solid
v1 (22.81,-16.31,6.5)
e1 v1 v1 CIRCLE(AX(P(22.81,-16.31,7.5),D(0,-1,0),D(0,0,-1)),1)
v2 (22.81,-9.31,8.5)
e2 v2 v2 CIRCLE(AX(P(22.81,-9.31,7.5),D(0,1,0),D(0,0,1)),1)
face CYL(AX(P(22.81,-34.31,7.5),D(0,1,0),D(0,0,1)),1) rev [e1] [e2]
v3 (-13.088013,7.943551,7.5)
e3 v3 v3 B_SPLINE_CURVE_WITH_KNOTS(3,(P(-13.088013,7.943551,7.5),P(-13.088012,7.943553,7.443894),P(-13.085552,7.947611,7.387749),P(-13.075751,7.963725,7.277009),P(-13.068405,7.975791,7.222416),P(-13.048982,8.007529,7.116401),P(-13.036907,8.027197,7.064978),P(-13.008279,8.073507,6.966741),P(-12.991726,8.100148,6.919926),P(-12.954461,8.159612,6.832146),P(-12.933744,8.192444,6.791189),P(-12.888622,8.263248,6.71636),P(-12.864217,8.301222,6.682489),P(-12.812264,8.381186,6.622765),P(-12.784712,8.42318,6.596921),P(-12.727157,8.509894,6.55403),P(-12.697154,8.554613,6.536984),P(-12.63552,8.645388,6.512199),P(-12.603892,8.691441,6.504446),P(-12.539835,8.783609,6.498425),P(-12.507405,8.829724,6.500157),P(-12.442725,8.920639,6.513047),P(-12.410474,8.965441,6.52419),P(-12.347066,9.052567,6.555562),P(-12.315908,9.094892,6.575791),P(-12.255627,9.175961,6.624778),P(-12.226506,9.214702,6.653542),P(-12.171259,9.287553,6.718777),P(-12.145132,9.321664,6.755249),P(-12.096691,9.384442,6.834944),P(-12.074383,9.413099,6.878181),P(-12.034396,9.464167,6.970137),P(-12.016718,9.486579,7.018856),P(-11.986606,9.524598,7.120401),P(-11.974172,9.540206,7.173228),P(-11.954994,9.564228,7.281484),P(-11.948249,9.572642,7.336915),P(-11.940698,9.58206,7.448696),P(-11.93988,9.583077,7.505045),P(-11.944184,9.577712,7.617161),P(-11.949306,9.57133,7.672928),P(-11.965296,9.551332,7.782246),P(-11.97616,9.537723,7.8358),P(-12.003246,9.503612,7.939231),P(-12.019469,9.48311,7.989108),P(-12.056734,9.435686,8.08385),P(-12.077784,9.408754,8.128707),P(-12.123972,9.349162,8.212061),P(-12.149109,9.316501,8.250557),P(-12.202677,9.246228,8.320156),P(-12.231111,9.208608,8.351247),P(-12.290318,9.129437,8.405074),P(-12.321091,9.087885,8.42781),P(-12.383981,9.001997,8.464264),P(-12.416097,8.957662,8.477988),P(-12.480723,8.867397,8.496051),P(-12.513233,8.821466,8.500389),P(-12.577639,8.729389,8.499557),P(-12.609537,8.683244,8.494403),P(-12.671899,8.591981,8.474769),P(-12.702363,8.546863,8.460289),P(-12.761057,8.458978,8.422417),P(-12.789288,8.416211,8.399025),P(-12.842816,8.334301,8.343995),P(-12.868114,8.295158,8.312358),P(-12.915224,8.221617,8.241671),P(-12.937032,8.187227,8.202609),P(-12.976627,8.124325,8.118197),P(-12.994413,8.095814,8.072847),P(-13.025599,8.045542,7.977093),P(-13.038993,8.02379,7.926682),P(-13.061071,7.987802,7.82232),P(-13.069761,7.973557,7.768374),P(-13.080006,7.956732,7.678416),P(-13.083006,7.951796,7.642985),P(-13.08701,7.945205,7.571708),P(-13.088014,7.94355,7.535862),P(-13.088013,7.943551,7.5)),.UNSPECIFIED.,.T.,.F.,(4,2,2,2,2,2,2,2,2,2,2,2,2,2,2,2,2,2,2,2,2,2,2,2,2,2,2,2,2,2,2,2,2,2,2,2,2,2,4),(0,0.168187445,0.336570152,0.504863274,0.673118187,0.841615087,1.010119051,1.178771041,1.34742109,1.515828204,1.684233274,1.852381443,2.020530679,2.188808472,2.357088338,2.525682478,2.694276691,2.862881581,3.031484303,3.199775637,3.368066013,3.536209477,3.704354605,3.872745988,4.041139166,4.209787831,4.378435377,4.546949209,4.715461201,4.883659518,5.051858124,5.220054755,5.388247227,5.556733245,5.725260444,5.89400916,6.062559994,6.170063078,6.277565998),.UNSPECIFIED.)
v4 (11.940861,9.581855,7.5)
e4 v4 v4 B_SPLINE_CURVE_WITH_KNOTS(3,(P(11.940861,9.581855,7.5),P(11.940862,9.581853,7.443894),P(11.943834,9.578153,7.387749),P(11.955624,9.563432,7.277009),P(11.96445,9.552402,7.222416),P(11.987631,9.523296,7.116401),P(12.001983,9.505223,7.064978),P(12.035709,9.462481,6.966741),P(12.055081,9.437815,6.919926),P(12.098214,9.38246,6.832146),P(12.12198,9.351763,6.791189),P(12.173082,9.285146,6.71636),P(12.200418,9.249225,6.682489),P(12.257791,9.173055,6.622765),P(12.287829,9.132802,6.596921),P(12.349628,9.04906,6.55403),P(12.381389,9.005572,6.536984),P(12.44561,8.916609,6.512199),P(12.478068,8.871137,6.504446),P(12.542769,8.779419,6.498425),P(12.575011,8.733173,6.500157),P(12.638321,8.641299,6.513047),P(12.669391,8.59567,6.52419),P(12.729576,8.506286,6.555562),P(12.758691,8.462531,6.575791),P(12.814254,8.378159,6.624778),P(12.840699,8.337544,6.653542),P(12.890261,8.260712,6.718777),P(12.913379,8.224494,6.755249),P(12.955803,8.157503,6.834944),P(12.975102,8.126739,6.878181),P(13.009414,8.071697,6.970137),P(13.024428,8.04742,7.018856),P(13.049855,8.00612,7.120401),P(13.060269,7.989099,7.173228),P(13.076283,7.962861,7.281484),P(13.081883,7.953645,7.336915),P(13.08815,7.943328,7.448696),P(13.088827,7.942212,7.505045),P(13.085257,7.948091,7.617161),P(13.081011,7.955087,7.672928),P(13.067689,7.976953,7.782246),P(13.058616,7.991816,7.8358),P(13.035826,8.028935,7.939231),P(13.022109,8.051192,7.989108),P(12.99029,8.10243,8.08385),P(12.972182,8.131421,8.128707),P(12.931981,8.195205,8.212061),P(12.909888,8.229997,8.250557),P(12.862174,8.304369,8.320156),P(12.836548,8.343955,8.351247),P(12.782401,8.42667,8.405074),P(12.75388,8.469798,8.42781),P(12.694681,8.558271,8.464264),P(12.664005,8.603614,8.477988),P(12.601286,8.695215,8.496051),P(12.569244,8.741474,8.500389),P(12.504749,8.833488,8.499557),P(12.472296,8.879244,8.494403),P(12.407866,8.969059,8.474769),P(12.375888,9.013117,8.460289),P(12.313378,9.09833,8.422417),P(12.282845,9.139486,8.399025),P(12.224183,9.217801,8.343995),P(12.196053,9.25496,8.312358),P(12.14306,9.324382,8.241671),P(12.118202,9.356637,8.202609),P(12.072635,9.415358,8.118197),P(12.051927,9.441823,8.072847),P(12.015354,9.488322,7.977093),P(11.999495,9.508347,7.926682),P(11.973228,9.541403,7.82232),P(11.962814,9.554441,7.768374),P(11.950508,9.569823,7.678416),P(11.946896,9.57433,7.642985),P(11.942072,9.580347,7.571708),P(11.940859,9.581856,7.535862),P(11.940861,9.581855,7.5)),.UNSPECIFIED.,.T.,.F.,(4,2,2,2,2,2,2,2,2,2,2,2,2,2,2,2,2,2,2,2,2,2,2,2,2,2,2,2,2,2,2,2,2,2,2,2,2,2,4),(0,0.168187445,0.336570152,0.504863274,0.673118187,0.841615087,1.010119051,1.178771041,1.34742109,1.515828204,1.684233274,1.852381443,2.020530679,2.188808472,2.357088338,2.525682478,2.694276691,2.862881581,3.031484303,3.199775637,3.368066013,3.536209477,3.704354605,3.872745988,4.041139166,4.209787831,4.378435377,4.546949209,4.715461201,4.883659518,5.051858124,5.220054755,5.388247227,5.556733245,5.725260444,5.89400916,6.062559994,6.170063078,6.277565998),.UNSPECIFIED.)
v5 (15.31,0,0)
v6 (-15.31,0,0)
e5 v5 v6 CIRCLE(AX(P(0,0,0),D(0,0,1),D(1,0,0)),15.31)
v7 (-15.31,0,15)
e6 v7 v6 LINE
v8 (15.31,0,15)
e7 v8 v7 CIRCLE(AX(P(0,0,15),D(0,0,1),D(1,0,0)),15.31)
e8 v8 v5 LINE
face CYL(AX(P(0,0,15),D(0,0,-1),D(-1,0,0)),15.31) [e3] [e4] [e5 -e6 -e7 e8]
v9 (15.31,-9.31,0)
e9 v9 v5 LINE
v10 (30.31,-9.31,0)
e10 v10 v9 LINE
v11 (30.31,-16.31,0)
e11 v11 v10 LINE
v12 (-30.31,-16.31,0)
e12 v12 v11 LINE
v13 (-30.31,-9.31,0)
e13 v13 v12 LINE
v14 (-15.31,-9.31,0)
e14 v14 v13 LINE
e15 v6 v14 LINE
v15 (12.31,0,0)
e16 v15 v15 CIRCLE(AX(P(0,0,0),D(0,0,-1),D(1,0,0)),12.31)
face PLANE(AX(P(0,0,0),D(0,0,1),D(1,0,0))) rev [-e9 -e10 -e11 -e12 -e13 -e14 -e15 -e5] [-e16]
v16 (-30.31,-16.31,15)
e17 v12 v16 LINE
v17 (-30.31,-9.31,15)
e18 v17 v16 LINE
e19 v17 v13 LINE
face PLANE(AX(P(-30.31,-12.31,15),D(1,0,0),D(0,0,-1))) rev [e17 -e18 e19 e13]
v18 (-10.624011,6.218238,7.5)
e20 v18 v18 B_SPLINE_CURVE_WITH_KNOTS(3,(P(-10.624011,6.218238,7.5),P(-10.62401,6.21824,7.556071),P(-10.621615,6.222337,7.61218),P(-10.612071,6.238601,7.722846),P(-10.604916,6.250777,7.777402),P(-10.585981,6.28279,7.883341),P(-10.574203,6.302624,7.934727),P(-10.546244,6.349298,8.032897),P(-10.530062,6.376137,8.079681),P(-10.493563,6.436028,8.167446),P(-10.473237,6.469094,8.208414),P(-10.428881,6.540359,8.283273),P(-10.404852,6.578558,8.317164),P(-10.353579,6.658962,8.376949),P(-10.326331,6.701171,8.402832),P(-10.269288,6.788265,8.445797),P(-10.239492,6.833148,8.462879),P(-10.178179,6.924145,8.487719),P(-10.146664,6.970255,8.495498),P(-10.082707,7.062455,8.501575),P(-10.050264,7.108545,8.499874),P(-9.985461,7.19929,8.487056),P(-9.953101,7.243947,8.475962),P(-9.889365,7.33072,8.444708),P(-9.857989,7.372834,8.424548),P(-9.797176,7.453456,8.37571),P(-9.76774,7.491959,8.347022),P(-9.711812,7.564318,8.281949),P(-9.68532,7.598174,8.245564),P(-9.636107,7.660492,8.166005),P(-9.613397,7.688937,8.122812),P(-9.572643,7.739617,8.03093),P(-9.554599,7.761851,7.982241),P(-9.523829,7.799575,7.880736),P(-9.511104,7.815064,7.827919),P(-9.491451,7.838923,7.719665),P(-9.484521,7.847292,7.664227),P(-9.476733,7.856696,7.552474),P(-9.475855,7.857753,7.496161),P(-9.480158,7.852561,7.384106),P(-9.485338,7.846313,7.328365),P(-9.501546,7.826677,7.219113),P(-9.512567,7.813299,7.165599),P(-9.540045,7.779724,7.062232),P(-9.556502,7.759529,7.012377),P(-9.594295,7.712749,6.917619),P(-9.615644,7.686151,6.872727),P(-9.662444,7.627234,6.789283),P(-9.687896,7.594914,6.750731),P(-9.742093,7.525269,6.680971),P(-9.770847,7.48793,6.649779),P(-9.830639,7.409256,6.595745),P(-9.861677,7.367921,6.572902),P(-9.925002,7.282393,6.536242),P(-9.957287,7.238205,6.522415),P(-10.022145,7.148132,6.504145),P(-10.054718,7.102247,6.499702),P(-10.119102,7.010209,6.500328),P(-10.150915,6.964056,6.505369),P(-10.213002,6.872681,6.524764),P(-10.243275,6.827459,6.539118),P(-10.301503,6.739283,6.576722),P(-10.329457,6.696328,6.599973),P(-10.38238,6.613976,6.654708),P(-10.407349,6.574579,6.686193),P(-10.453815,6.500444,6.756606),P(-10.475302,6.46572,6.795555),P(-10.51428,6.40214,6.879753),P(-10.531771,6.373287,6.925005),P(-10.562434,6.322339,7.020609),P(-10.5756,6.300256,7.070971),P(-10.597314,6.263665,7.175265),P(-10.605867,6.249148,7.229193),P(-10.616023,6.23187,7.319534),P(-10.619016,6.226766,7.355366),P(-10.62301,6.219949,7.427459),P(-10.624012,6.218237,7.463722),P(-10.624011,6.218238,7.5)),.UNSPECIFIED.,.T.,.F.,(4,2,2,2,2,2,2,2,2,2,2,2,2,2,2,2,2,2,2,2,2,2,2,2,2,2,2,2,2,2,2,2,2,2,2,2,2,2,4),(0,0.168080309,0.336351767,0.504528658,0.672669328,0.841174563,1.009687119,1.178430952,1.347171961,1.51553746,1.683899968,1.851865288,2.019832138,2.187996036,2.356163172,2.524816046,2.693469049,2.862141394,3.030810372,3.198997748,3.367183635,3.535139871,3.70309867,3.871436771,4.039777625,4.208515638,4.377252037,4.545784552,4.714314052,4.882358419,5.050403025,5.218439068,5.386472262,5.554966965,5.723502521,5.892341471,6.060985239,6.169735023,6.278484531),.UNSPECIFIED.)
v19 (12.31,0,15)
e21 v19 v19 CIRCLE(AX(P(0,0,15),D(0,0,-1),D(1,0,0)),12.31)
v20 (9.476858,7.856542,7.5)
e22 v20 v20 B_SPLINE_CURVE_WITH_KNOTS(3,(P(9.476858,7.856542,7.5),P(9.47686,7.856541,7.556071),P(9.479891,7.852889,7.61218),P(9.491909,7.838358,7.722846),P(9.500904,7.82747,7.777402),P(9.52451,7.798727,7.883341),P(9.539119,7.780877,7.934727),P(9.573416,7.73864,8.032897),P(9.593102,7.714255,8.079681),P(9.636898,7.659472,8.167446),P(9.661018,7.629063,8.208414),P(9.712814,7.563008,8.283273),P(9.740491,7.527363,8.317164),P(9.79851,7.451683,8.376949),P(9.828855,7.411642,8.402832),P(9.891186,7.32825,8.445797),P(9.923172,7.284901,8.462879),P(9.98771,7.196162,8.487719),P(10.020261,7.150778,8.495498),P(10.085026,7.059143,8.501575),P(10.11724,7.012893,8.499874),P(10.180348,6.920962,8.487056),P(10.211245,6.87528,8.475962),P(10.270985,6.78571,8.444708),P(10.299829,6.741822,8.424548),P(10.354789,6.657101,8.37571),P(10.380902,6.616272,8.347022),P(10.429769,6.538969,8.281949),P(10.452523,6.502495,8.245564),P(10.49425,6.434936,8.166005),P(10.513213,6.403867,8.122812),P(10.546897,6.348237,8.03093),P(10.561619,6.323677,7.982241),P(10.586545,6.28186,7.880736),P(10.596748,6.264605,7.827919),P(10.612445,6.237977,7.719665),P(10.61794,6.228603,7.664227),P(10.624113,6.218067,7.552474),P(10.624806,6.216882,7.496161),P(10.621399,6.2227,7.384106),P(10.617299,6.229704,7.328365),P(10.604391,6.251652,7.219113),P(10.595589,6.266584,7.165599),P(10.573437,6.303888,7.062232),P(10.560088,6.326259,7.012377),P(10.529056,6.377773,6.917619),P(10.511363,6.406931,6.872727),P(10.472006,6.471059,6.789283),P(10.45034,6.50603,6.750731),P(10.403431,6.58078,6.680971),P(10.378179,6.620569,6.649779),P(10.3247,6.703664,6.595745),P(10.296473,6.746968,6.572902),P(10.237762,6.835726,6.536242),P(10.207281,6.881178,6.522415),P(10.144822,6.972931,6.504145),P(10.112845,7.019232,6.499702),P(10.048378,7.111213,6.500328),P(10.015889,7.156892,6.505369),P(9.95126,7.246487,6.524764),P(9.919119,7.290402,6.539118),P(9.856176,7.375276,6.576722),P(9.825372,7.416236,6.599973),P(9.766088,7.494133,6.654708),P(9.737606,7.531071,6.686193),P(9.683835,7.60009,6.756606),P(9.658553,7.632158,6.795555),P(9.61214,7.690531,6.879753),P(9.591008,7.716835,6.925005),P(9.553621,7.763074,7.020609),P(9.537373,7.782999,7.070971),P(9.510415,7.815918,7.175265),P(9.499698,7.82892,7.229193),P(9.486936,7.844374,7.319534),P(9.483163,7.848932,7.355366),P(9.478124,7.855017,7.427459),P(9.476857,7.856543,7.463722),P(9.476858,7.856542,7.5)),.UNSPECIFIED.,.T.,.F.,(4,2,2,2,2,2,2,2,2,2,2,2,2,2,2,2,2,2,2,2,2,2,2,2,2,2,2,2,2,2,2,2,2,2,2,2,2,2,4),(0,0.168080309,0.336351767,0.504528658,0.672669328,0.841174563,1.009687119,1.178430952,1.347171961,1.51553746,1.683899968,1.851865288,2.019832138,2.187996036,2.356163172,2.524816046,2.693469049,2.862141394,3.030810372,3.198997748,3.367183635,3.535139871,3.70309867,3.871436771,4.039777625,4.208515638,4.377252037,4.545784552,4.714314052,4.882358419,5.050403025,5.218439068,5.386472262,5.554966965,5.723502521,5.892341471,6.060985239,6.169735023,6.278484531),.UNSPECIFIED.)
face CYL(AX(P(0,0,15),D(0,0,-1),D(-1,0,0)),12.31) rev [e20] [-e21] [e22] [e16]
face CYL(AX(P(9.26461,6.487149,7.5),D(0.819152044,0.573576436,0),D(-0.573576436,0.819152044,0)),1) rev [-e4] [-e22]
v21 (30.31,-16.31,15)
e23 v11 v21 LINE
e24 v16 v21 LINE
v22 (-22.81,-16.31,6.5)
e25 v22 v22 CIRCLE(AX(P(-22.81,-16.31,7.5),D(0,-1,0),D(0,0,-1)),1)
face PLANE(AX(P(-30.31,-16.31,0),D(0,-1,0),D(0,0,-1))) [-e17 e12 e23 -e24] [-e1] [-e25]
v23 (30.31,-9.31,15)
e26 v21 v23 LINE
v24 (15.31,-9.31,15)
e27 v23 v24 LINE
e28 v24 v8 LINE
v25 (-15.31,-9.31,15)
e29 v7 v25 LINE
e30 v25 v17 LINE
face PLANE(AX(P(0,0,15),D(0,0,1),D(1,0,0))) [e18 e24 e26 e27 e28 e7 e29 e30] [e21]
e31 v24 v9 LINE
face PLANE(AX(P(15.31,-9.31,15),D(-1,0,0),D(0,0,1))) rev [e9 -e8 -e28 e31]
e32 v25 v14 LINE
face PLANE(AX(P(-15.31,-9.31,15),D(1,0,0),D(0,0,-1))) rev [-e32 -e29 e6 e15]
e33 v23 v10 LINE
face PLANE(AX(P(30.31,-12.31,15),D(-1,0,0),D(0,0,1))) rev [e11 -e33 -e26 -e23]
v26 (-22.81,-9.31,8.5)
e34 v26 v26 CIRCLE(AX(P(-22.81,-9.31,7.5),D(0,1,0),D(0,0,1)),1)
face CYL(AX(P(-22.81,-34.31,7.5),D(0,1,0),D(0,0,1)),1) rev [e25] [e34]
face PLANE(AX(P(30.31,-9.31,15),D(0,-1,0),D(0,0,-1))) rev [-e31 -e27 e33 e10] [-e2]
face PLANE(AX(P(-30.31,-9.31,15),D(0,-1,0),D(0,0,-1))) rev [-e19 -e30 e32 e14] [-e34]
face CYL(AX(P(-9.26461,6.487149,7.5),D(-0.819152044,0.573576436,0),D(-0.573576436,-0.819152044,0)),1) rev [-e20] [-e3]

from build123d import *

# Parameters (mm, degrees)
BOSS_EXTRUDE1_DEPTH = 15
BOSS_EXTRUDE2_START = -15
BOSS_EXTRUDE2_DEPTH = 15
SKETCH2_R           = 1
CUT_EXTRUDE1_DEPTH  = 25
SKETCH5_R           = 1
CUT_EXTRUDE2_DEPTH  = 4
SKETCH6_R           = 1
CUT_EXTRUDE3_DEPTH  = 4


with BuildPart() as part:
    # Sketch1 → Boss-Extrude1 (new body)
    with BuildSketch(Plane.XY):
        with BuildLine():
            Line((-12.31, 0), (-12.31, -12.31))
            Line((-12.31, -12.31), (-30.31, -12.31))
            Line((-30.31, -12.31), (-30.31, -9.31))
            Line((-30.31, -9.31), (-15.31, -9.31))
            Line((-15.31, -9.31), (-15.31, 0))
            ThreePointArc((-15.31, 0), (0, 15.31), (15.31, 0))
            Line((15.31, 0), (15.31, -9.31))
            Line((15.31, -9.31), (30.31, -9.31))
            Line((30.31, -9.31), (30.31, -12.31))
            Line((30.31, -12.31), (12.31, -12.31))
            Line((12.31, -12.31), (12.31, 0))
            ThreePointArc((12.31, 0), (0, 12.31), (-12.31, 0))
        make_face()
    extrude(amount=BOSS_EXTRUDE1_DEPTH)

    # Sketch3 → Boss-Extrude2 (add)
    with BuildSketch(Plane.XY.offset(15).offset(BOSS_EXTRUDE2_START)):
        with BuildLine():
            Line((-30.31, -12.31), (-12.31, -12.31))
            Line((-12.31, -12.31), (-12.31, 0))
            ThreePointArc((-12.31, 0), (0, -12.31), (12.31, 0))
            Line((12.31, 0), (12.31, -12.31))
            Line((12.31, -12.31), (30.31, -12.31))
            Line((30.31, -12.31), (30.31, -16.31))
            Line((30.31, -16.31), (-30.31, -16.31))
            Line((-30.31, -16.31), (-30.31, -12.31))
        make_face()
    extrude(amount=BOSS_EXTRUDE2_DEPTH)

    # Sketch2 → Cut-Extrude1 (cut)
    with BuildSketch(Plane(origin=(0, -9.31, 0), x_dir=(1, 0, 0), z_dir=(0, 1, 0))):
        with Locations(Location((22.81, -7.5, 0), (0, 0, 270))):
            Circle(SKETCH2_R)
        with Locations(Location((-22.81, -7.5, 0), (0, 0, 270))):
            Circle(SKETCH2_R)
    extrude(amount=-CUT_EXTRUDE1_DEPTH, mode=Mode.SUBTRACT)

    # Sketch5 → Cut-Extrude2 (cut)
    with BuildSketch(Plane(origin=(12.541217798, 8.781455241, 0), x_dir=(0, 0, -1), z_dir=(0.819152044288993, 0.5735764363510446, 0))):
        with Locations(Location((-7.5, 0, 0), (0, 0, 90))):
            Circle(SKETCH5_R)
    extrude(amount=-CUT_EXTRUDE2_DEPTH, mode=Mode.SUBTRACT)

    # Sketch6 → Cut-Extrude3 (cut)
    with BuildSketch(Plane(origin=(-12.541217798, 8.781455241, 0), x_dir=(0, 0, 1), z_dir=(-0.8191520442889931, 0.5735764363510442, 0))):
        with Locations(Location((7.5, 0, 0), (0, 0, 270))):
            Circle(SKETCH6_R)
    extrude(amount=-CUT_EXTRUDE3_DEPTH, mode=Mode.SUBTRACT)


solid = part.part
